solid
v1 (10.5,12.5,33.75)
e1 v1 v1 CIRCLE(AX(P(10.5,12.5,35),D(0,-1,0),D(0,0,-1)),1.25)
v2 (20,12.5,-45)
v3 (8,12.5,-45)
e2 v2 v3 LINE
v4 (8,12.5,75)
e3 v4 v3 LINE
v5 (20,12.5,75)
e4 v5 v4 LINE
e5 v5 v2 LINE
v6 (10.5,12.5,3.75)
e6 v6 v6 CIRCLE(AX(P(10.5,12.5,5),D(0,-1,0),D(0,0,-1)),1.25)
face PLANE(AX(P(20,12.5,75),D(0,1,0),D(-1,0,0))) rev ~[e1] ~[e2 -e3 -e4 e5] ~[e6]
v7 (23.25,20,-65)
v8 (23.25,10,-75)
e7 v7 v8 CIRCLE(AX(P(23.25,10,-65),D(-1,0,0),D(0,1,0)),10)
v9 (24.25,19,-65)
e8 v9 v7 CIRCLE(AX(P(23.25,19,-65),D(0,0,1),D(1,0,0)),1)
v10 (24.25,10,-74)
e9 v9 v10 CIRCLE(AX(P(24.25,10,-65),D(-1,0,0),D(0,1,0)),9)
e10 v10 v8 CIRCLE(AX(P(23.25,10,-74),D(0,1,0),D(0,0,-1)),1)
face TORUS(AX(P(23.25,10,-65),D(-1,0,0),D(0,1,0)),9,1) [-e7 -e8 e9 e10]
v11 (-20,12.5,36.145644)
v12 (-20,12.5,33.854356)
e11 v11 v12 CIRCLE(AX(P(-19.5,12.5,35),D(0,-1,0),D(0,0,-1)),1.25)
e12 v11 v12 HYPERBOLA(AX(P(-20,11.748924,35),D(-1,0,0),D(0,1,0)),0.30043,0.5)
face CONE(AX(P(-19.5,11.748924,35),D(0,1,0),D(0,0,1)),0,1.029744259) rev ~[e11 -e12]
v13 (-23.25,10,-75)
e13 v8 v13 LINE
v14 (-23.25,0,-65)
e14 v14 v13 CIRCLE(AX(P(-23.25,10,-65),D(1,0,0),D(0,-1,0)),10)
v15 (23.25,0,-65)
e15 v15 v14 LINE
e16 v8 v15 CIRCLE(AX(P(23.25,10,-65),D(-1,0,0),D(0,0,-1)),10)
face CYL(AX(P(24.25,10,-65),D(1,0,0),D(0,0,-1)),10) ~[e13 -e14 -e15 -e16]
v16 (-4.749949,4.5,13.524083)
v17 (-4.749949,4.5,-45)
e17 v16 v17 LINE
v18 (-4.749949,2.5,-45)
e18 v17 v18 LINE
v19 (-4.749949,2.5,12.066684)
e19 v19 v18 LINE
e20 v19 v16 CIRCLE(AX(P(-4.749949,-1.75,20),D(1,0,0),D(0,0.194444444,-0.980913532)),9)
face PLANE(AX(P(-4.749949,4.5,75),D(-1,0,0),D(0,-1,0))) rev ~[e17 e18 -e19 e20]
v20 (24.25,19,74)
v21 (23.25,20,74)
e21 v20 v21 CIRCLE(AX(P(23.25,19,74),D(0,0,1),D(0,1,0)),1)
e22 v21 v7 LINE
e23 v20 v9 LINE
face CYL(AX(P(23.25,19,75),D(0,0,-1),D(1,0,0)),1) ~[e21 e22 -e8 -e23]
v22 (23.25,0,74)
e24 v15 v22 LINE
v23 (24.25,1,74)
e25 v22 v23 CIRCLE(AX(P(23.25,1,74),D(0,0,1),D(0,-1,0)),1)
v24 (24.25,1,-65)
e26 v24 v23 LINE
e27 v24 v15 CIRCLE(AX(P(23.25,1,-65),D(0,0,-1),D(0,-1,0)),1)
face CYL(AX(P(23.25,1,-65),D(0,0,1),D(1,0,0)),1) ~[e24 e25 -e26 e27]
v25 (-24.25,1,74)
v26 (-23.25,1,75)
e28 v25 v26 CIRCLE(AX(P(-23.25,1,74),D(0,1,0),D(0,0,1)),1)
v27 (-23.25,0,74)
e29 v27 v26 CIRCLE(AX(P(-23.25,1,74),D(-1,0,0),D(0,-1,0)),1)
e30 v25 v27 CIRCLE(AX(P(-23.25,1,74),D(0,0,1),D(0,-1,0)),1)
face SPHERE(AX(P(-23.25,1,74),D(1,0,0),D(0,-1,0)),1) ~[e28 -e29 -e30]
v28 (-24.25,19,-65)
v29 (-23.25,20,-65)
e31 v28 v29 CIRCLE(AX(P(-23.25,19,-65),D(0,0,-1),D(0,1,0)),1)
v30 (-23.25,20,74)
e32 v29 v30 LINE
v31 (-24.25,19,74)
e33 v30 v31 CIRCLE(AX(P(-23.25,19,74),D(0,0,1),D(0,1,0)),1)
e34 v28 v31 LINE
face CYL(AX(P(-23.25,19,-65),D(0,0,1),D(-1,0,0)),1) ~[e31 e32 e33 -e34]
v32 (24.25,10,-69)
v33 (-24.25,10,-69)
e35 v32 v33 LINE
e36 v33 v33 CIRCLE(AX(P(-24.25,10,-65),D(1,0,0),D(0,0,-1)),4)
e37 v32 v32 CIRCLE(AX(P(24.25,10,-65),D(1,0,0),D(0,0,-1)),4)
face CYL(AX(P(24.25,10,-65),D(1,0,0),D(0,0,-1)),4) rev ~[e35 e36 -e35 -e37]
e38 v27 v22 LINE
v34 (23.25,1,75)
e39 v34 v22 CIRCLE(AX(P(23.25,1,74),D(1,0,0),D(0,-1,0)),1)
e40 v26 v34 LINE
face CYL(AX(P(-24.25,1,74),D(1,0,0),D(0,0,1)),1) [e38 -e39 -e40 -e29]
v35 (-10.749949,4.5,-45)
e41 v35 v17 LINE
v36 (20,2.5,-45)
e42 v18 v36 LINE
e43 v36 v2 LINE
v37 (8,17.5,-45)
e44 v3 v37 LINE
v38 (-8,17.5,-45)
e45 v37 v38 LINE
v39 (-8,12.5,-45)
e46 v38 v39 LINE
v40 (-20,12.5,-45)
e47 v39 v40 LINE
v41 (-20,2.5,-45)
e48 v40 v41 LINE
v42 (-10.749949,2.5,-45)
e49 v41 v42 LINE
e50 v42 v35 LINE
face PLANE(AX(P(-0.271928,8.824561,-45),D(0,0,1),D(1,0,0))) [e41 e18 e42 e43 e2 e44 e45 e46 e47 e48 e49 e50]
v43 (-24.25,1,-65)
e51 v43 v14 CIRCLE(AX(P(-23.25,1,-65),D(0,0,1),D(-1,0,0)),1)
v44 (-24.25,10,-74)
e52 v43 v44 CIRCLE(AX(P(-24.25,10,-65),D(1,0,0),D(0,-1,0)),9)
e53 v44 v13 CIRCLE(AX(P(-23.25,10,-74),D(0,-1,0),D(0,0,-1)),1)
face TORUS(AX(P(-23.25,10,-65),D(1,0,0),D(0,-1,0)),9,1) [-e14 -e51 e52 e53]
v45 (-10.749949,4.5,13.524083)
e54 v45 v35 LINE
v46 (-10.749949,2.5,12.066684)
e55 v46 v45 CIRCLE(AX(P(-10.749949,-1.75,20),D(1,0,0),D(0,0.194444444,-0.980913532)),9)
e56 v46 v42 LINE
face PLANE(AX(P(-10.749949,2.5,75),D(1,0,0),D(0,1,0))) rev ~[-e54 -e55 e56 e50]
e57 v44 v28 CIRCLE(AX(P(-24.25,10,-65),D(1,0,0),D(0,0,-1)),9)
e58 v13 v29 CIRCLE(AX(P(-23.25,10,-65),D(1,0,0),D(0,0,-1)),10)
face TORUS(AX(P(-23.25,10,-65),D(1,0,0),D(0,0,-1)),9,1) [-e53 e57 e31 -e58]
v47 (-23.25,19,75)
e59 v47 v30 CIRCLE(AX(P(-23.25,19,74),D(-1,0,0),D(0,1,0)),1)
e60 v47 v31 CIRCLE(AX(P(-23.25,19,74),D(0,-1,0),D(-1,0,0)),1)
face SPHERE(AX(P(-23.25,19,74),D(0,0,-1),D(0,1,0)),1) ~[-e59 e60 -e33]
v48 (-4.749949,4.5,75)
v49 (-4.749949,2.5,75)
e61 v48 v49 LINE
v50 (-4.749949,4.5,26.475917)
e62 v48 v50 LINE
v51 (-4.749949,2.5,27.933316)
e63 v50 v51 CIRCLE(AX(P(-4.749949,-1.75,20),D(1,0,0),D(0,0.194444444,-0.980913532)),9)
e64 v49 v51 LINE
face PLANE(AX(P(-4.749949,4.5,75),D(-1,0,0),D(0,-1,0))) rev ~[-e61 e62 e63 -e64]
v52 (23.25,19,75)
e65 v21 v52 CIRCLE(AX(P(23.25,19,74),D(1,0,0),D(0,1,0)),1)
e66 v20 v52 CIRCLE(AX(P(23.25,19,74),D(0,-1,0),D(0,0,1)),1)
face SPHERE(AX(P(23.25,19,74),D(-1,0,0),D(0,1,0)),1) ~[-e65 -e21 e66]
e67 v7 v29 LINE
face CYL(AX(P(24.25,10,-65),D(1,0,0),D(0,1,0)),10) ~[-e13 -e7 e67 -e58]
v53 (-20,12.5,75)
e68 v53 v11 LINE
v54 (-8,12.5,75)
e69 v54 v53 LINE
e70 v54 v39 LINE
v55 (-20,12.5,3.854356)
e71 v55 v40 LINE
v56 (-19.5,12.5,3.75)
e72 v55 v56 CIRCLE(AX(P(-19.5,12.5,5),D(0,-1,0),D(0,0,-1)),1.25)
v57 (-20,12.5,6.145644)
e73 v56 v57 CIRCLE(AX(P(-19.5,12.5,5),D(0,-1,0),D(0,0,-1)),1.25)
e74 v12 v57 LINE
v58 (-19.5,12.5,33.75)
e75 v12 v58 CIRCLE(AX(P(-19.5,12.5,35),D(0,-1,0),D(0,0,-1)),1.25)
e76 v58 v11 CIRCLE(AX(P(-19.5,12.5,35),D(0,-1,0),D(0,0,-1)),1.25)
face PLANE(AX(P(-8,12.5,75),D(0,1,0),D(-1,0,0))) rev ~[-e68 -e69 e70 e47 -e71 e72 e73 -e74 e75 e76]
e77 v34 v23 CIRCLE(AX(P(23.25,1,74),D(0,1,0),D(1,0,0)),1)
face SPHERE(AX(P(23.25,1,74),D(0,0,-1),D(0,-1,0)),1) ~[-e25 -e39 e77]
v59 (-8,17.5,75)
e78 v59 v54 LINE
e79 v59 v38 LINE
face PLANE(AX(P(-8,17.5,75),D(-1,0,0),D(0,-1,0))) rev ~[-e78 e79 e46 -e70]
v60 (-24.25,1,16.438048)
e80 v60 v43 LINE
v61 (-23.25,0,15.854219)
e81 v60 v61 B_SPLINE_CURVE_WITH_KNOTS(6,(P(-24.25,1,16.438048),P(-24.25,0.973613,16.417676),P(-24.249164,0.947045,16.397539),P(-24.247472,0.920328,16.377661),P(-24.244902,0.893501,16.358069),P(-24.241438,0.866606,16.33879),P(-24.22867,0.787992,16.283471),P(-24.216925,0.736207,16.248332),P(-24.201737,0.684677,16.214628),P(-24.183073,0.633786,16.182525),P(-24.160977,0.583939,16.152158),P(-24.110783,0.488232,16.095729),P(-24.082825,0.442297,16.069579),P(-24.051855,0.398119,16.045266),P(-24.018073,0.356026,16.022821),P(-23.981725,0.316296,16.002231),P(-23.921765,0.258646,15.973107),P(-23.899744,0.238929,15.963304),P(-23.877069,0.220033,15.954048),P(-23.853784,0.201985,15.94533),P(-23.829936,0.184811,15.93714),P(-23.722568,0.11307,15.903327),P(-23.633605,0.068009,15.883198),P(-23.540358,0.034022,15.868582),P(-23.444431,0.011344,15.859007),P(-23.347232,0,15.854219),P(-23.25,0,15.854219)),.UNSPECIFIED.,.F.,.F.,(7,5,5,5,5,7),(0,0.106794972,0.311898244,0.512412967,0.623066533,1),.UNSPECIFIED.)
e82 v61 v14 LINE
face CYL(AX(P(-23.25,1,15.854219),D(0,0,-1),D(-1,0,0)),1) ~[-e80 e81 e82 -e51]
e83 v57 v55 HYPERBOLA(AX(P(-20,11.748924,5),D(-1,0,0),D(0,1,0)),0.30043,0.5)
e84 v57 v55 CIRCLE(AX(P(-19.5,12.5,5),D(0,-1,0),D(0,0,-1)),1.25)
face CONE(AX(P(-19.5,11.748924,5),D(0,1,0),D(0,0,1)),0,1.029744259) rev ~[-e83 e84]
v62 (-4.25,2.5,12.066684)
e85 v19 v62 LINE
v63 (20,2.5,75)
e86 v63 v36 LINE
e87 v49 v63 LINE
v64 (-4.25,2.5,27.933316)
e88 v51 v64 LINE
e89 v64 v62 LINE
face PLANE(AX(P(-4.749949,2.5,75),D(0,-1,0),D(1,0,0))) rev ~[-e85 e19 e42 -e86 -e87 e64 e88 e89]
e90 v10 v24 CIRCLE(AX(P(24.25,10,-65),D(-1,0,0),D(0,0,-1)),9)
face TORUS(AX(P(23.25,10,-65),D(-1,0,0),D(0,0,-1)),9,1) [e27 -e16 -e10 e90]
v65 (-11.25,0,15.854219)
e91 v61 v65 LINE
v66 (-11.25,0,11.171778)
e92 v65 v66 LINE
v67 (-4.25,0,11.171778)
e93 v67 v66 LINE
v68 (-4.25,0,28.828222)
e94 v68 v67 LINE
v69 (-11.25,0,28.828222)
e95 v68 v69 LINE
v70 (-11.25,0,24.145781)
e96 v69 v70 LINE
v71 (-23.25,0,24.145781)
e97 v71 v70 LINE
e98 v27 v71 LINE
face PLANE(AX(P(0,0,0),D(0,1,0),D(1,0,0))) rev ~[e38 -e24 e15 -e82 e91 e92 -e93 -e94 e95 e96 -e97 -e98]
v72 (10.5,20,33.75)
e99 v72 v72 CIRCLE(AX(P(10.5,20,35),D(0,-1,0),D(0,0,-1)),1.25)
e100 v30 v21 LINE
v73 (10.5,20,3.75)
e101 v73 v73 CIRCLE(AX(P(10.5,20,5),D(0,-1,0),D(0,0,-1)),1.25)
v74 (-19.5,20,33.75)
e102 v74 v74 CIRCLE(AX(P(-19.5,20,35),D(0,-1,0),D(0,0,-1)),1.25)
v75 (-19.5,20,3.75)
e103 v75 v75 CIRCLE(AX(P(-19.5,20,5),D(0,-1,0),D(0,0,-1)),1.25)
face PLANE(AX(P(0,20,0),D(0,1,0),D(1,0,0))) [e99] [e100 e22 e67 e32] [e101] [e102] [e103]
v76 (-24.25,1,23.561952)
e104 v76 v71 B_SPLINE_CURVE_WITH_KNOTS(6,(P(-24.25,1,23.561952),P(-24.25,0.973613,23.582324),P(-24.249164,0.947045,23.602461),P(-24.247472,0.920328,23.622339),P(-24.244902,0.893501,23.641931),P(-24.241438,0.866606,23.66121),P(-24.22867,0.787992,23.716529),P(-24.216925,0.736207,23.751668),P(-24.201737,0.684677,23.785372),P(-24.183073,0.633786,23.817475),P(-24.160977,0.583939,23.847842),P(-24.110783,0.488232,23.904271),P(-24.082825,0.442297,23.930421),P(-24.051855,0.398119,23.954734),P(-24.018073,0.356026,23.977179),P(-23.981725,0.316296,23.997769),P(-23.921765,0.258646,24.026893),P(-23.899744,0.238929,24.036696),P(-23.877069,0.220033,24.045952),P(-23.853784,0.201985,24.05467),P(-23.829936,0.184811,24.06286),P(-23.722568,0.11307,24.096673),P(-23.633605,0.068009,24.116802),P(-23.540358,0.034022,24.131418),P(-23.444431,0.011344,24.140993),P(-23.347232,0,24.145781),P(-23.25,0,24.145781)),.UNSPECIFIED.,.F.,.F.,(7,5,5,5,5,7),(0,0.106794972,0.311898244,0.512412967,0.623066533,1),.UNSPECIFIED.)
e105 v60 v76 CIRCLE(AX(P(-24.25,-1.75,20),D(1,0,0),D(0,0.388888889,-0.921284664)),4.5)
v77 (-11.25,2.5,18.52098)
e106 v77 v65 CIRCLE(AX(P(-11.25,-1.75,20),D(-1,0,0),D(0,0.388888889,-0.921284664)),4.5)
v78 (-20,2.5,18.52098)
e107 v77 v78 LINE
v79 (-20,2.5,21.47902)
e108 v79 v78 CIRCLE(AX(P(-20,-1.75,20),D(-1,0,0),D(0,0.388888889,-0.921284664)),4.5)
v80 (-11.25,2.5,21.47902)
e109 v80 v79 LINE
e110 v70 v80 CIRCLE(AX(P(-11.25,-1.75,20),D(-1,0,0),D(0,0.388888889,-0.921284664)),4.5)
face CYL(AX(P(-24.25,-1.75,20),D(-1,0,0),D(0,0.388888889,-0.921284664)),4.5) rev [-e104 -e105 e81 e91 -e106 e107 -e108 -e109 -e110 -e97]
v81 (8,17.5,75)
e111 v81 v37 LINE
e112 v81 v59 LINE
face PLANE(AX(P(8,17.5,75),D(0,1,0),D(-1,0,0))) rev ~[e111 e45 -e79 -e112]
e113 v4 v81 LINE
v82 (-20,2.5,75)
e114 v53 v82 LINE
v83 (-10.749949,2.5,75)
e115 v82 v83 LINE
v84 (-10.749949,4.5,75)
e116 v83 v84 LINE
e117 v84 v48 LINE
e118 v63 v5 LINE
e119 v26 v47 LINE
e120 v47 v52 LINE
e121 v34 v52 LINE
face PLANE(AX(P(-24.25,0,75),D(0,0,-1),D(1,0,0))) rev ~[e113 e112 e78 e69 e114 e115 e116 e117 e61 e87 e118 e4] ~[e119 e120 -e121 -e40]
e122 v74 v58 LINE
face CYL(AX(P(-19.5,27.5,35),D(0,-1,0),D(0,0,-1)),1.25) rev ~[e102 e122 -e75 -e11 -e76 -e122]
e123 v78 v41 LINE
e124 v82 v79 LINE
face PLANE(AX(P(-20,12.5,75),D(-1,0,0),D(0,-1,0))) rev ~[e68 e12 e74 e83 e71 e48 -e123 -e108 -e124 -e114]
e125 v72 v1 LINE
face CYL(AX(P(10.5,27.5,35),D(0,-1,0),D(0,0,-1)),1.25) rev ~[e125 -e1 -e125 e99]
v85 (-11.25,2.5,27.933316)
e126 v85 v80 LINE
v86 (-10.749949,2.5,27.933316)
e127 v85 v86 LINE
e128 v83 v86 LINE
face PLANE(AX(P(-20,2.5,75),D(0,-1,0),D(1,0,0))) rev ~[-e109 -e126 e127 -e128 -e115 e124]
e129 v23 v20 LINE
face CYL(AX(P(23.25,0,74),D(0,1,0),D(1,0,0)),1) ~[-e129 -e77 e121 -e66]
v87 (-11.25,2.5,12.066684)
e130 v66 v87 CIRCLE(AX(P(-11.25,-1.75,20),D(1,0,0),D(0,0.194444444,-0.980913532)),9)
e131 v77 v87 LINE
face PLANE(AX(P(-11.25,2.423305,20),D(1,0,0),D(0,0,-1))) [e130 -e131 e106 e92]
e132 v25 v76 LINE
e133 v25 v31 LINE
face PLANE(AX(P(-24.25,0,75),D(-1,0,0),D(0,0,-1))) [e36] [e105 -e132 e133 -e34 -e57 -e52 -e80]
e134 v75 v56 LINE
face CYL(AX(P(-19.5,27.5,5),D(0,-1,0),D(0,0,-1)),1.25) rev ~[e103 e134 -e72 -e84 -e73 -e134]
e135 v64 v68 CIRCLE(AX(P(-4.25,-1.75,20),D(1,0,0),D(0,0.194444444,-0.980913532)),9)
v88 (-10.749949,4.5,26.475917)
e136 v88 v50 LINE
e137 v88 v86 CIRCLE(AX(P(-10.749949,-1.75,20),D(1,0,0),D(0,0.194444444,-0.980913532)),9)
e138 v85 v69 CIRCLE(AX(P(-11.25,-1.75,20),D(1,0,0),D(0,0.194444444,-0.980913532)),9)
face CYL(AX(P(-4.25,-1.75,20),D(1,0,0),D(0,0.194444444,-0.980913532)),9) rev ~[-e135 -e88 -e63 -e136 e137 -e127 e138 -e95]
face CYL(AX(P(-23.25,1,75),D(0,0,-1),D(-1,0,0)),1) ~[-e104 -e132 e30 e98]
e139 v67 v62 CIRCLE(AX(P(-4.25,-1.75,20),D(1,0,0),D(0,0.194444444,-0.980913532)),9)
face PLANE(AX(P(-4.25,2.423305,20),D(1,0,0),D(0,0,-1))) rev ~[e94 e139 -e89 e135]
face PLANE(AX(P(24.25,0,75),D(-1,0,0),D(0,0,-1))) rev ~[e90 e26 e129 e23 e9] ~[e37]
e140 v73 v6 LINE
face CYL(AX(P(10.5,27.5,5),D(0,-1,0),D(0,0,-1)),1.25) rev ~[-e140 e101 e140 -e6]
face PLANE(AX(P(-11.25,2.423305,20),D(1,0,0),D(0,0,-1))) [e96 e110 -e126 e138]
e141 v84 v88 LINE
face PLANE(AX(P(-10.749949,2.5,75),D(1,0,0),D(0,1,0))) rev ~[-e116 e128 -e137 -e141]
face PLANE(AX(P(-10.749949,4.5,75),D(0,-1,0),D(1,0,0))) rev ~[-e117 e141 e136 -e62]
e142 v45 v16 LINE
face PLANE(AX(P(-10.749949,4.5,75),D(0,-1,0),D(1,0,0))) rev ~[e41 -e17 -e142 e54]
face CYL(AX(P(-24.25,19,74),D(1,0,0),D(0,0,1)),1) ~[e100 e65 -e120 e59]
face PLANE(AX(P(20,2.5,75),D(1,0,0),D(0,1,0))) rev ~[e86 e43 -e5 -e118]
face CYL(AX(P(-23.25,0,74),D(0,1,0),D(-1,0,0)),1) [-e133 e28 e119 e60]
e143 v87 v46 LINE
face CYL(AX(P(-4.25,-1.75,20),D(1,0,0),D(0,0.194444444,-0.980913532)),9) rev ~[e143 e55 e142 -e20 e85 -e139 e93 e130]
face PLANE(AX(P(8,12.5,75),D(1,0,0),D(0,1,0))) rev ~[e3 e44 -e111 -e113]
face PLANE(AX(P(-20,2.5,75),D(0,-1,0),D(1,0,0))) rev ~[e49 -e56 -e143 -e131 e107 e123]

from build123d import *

# Parameters (mm, degrees)
SKETCH_1_W               = 48.5
SKETCH_1_H               = 150
EXTRUDE_1_DEPTH          = 20
CUT_EXTRUDE_1_REACH      = 93.527
CUT_EXTRUDE_2_REACH      = 93.527
SKETCH_4_R               = 4
M3X0_5_1_D               = 2.5
M3X0_5_1_DEPTH           = 7.5
M3X0_5_1_TIP             = 0.751075774
CUT_EXTRUDE_3_DEPTH      = 14
CUT_EXTRUDE_4_DEPTH      = 1
CUT_EXTRUDE_4_DEPTH_BACK = 6
CUT_EXTRUDE_5_DEPTH      = 120
FILLET_1_R               = 1


with BuildPart() as part:
    # 草图1 → 凸台-拉伸1 (new body)
    with BuildSketch(Plane(origin=(0, 0, 0), x_dir=(1, 0, 0), z_dir=(0, 1, 0))):
        Rectangle(SKETCH_1_W, SKETCH_1_H)
    extrude(amount=EXTRUDE_1_DEPTH)

    # 草图3 → 切除-拉伸1 (cut, up to next)
    with BuildSketch(Plane(origin=(24.25, 0, 0), x_dir=(0, 0, -1), z_dir=(1, 0, 0)), mode=Mode.PRIVATE) as cut_extrude_1_sk1:
        with BuildLine():
            Line((75, 0), (75, 10))
            ThreePointArc((75, 10), (72.071067812, 2.928932188), (65, 0))
            Line((65, 0), (75, 0))
        make_face()
    cut_extrude_1_tool1 = extrude(cut_extrude_1_sk1.sketch, amount=-CUT_EXTRUDE_1_REACH, mode=Mode.PRIVATE) & part.part
    # 草图3 → 切除-拉伸1 (cut, up to next)
    with BuildSketch(Plane(origin=(24.25, 0, 0), x_dir=(0, 0, -1), z_dir=(1, 0, 0)), mode=Mode.PRIVATE) as cut_extrude_1_sk2:
        with BuildLine():
            Line((75, 20), (65, 20))
            ThreePointArc((65, 20), (72.071067812, 17.071067812), (75, 10))
            Line((75, 10), (75, 20))
        make_face()
    cut_extrude_1_tool2 = extrude(cut_extrude_1_sk2.sketch, amount=-CUT_EXTRUDE_1_REACH, mode=Mode.PRIVATE) & part.part
    add(cut_extrude_1_tool1.solids().sort_by_distance((24.25, 2.233679, -72.766321))[0], mode=Mode.SUBTRACT)
    add(cut_extrude_1_tool2.solids().sort_by_distance((24.25, 17.766321, -72.766321))[0], mode=Mode.SUBTRACT)

    # 草图4 → 切除-拉伸2 (cut, up to next)
    with BuildSketch(Plane(origin=(24.25, 0, 0), x_dir=(0, 0, -1), z_dir=(1, 0, 0)), mode=Mode.PRIVATE) as cut_extrude_2_sk1:
        with Locations((65, 10)):
            Circle(SKETCH_4_R)
    cut_extrude_2_tool1 = extrude(cut_extrude_2_sk1.sketch, amount=-CUT_EXTRUDE_2_REACH, mode=Mode.PRIVATE) & part.part
    add(cut_extrude_2_tool1.solids().sort_by_distance((24.25, 10, -65))[0], mode=Mode.SUBTRACT)

    # M3x0.5 螺纹孔1
    with Locations(Plane(origin=(-19.5, 20, 5), x_dir=(0, 0, 1), z_dir=(0, 1, 0))):
        with Locations((0, 0), (0, 30), (30, 0), (30, 30)):
            Hole(M3X0_5_1_D / 2, depth=M3X0_5_1_DEPTH)
            with Locations((0, 0, -(M3X0_5_1_DEPTH + M3X0_5_1_TIP / 2))):  # 118° drill point
                Cone(0, M3X0_5_1_D / 2, M3X0_5_1_TIP, mode=Mode.SUBTRACT)

    # 草图9 → 切除-拉伸3 (cut)
    with BuildSketch(Plane.ZY.offset(24.25)):
        with BuildLine():
            Line((24.145780988, 0), (15.854219012, 0))
            ThreePointArc((15.854219012, 0), (20, 2.75), (24.145780988, 0))
        make_face()
    extrude(amount=-CUT_EXTRUDE_3_DEPTH, mode=Mode.SUBTRACT)

    # 草图10 → 切除-拉伸4 (cut, two sides: drawn at the far end of the back side and taken through both)
    with BuildSketch(Plane.ZY.offset(10.25).offset(-CUT_EXTRUDE_4_DEPTH_BACK)):
        with BuildLine():
            Line((28.828221792, 0), (11.171778209, 0))
            ThreePointArc((11.171778209, 0), (20, 7.25), (28.828221792, 0))
        make_face()
    extrude(amount=CUT_EXTRUDE_4_DEPTH + CUT_EXTRUDE_4_DEPTH_BACK, mode=Mode.SUBTRACT)

    # 草图11 → 切除-拉伸5 (cut)
    with BuildSketch(Plane.XY.offset(75)):
        Polygon((-4.7499492, 2.5), (20, 2.5), (20, 12.5), (8, 12.5), (8, 17.5), (-8, 17.5), (-8, 12.5), (-20, 12.5), (-20, 2.5), (-10.7499492, 2.5), (-10.7499492, 4.5), (-4.7499492, 4.5), align=None)
    extrude(amount=-CUT_EXTRUDE_5_DEPTH, mode=Mode.SUBTRACT)

    # 圆角1
    fillet_1_edges = [part.edges().sort_by_distance(p)[0] for p in [
        (-24.25, 0, -24.572890494),
        (0, 20, 75),
        (24.25, 10, -75),
        (-24.25, 10, -75),
        (-24.25, 20, 5),
        (24.25, 20, 5),
        (0, 0, 75),
        (-24.25, 0, 49.572890494),
        (24.25, 0, 5),
        (24.25, 10, 75),
        (-24.25, 10, 75),
    ]]
    fillet(fillet_1_edges, radius=FILLET_1_R)


solid = part.part
